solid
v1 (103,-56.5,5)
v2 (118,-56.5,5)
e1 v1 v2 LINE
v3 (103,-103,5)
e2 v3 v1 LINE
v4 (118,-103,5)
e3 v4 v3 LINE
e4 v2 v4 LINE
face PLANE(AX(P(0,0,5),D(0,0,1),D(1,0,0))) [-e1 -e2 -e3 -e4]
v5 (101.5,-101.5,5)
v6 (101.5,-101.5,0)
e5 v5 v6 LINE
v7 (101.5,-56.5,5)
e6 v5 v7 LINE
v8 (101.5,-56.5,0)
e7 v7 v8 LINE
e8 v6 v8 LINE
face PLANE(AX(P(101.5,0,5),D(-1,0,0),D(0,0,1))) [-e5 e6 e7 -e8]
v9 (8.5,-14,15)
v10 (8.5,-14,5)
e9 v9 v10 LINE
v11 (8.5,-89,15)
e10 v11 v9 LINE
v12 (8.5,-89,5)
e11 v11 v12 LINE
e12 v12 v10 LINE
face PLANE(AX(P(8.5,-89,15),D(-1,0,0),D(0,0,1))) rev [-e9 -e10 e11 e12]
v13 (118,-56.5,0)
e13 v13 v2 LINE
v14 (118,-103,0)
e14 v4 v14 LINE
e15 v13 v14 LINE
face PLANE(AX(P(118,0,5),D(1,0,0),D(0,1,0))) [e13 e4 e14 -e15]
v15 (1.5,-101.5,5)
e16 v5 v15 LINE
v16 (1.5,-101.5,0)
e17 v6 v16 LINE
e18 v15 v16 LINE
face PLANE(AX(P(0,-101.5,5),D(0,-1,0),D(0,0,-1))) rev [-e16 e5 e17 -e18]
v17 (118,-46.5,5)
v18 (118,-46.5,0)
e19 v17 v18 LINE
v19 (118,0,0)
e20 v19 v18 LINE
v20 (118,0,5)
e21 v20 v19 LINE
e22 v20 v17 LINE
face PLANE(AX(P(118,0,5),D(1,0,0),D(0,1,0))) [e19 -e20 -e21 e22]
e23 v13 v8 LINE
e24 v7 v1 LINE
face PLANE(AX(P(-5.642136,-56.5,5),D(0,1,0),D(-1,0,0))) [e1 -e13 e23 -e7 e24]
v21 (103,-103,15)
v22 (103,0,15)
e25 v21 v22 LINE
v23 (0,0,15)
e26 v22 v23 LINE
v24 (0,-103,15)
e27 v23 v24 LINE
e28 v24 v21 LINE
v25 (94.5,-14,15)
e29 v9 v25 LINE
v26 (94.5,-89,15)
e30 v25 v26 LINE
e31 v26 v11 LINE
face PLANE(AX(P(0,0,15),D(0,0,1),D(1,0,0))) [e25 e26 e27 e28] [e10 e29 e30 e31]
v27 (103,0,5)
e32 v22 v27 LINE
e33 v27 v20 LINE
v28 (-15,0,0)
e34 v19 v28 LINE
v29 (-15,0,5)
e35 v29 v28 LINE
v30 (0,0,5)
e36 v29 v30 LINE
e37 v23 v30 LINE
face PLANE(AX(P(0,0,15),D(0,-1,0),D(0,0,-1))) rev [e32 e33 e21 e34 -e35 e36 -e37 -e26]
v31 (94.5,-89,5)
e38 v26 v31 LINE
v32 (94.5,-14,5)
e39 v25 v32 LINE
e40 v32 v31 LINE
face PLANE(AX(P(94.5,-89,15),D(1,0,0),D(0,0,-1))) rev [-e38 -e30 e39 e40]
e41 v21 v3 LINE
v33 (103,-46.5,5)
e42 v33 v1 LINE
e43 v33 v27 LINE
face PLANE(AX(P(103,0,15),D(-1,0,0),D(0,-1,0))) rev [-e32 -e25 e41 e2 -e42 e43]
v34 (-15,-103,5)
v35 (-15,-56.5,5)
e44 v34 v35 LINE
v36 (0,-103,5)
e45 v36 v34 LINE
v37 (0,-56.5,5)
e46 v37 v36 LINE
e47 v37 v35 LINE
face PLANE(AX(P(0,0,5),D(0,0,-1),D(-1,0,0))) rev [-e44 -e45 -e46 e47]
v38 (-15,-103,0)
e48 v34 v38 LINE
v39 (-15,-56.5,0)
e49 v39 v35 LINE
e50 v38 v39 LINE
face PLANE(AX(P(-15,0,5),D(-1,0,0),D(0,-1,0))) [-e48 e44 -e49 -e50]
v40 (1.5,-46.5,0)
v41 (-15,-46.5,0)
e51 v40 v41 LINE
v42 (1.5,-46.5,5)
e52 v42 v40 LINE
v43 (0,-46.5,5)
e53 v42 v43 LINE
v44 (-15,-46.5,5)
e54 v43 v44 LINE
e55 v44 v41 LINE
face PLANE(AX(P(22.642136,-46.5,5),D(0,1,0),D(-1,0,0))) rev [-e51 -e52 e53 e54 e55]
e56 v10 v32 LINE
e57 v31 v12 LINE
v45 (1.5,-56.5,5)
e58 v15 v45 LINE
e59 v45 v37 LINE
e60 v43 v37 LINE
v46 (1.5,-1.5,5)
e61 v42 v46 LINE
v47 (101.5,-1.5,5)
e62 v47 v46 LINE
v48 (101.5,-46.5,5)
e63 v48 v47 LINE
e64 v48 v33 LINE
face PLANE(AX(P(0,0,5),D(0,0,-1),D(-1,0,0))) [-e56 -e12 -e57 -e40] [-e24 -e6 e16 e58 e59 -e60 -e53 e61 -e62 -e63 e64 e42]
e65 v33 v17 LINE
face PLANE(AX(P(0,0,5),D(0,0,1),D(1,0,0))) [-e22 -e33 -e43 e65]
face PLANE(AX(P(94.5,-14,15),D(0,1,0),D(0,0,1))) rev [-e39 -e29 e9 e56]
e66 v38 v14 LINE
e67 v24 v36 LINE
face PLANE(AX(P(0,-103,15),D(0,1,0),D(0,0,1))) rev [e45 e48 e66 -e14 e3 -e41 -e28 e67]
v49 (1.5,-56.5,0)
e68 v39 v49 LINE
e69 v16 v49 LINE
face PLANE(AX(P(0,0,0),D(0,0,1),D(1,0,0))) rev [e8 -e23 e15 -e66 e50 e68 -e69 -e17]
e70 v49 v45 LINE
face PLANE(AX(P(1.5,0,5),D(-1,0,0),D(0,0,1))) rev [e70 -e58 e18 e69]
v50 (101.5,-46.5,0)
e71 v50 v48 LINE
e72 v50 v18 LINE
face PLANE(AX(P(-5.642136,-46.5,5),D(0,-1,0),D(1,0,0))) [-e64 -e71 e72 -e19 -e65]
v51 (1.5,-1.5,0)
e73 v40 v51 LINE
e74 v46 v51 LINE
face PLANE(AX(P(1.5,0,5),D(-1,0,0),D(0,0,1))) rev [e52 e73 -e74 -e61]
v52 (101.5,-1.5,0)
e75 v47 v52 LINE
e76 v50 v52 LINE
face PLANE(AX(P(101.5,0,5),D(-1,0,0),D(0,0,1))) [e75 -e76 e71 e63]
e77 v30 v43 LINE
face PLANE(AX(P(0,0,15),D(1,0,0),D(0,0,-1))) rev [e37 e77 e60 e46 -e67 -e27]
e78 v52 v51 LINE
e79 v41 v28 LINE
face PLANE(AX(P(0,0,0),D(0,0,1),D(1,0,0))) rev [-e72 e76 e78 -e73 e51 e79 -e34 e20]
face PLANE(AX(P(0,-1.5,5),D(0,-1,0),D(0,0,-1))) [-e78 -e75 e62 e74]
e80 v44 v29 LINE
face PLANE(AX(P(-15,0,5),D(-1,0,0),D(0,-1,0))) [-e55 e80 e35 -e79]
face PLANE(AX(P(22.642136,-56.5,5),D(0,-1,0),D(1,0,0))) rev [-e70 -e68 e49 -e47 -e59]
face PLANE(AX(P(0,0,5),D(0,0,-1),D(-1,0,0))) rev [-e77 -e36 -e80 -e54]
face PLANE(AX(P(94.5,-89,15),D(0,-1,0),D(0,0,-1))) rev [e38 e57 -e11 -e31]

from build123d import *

# Parameters (mm, degrees)
SKETCH1_W           = 103
SKETCH1_H           = 103
BOSS_EXTRUDE1_DEPTH = 15
SKETCH3_W           = 15
SKETCH3_H           = 103
BOSS_EXTRUDE2_DEPTH = 5
CUT_EXTRUDE1_DEPTH  = 5
SKETCH5_W           = 86
SKETCH5_H           = 75
CUT_EXTRUDE2_DEPTH  = 157.949036314
CUT_EXTRUDE5_REACH  = 170.888
SKETCH9_W           = 10
SKETCH9_H           = 10


with BuildPart() as part:
    # Sketch1 → Boss-Extrude1 (new body)
    with BuildSketch(Plane.XY):
        with Locations((51.5, -51.5)):
            Rectangle(SKETCH1_W, SKETCH1_H)
    extrude(amount=BOSS_EXTRUDE1_DEPTH)

    # Sketch3 → Boss-Extrude2 (add)
    with BuildSketch(Plane(origin=(0, 0, 0), x_dir=(-1, 0, 0), z_dir=(0, 0, -1))):
        with Locations((7.5, -51.5)):
            Rectangle(SKETCH3_W, SKETCH3_H)
        with Locations((-110.5, -51.5)):
            Rectangle(SKETCH3_W, SKETCH3_H)
    extrude(amount=-BOSS_EXTRUDE2_DEPTH)

    # Sketch4 → Cut-Extrude1 (cut)
    with BuildSketch(Plane(origin=(0, 0, 0), x_dir=(-1, 0, 0), z_dir=(0, 0, -1))):
        Polygon((-51.5, -51.5), (-101.5, -1.5), (-101.5, -101.5), align=None)
        Polygon((-1.5, -1.5), (-101.5, -1.5), (-51.5, -51.5), align=None)
        Polygon((-1.5, -1.5), (-51.5, -51.5), (-1.5, -101.5), align=None)
        Polygon((-1.5, -101.5), (-51.5, -51.5), (-101.5, -101.5), align=None)
    extrude(amount=-CUT_EXTRUDE1_DEPTH, mode=Mode.SUBTRACT)

    # Sketch5 → Cut-Extrude2 (cut, through all)
    with BuildSketch(Plane(origin=(0, 0, 5), x_dir=(-1, 0, 0), z_dir=(0, 0, -1))):
        with Locations((-51.5, -51.5)):
            Rectangle(SKETCH5_W, SKETCH5_H)
    extrude(amount=-CUT_EXTRUDE2_DEPTH, mode=Mode.SUBTRACT)

    # Cut-Extrude5: up to this face of the body (flat: up to its plane)
    cut_extrude5_end = Plane(part.part.faces().sort_by_distance((8.5, -51.5, 10))[0])
    # Sketch9 → Cut-Extrude5 (cut, up to the picked face)
    with BuildSketch(Plane.ZY.offset(15), mode=Mode.PRIVATE) as cut_extrude5_sk1:
        with Locations((0, -51.5)):
            Rectangle(SKETCH9_W, SKETCH9_H)
    cut_extrude5_tool1 = split(extrude(cut_extrude5_sk1.sketch, amount=-CUT_EXTRUDE5_REACH, mode=Mode.PRIVATE), bisect_by=cut_extrude5_end, keep=Keep.BOTH, mode=Mode.PRIVATE)
    cut_extrude5 = cut_extrude5_tool1.solids().sort_by(Axis((-15, -51.5, 0), (1, 0, 0)))[0]
    add(cut_extrude5, mode=Mode.SUBTRACT)

    # Mirror1: Cut-Extrude5 across plane
    add(cut_extrude5.mirror(Plane.ZY.offset(-51.5)), mode=Mode.SUBTRACT)


solid = part.part
